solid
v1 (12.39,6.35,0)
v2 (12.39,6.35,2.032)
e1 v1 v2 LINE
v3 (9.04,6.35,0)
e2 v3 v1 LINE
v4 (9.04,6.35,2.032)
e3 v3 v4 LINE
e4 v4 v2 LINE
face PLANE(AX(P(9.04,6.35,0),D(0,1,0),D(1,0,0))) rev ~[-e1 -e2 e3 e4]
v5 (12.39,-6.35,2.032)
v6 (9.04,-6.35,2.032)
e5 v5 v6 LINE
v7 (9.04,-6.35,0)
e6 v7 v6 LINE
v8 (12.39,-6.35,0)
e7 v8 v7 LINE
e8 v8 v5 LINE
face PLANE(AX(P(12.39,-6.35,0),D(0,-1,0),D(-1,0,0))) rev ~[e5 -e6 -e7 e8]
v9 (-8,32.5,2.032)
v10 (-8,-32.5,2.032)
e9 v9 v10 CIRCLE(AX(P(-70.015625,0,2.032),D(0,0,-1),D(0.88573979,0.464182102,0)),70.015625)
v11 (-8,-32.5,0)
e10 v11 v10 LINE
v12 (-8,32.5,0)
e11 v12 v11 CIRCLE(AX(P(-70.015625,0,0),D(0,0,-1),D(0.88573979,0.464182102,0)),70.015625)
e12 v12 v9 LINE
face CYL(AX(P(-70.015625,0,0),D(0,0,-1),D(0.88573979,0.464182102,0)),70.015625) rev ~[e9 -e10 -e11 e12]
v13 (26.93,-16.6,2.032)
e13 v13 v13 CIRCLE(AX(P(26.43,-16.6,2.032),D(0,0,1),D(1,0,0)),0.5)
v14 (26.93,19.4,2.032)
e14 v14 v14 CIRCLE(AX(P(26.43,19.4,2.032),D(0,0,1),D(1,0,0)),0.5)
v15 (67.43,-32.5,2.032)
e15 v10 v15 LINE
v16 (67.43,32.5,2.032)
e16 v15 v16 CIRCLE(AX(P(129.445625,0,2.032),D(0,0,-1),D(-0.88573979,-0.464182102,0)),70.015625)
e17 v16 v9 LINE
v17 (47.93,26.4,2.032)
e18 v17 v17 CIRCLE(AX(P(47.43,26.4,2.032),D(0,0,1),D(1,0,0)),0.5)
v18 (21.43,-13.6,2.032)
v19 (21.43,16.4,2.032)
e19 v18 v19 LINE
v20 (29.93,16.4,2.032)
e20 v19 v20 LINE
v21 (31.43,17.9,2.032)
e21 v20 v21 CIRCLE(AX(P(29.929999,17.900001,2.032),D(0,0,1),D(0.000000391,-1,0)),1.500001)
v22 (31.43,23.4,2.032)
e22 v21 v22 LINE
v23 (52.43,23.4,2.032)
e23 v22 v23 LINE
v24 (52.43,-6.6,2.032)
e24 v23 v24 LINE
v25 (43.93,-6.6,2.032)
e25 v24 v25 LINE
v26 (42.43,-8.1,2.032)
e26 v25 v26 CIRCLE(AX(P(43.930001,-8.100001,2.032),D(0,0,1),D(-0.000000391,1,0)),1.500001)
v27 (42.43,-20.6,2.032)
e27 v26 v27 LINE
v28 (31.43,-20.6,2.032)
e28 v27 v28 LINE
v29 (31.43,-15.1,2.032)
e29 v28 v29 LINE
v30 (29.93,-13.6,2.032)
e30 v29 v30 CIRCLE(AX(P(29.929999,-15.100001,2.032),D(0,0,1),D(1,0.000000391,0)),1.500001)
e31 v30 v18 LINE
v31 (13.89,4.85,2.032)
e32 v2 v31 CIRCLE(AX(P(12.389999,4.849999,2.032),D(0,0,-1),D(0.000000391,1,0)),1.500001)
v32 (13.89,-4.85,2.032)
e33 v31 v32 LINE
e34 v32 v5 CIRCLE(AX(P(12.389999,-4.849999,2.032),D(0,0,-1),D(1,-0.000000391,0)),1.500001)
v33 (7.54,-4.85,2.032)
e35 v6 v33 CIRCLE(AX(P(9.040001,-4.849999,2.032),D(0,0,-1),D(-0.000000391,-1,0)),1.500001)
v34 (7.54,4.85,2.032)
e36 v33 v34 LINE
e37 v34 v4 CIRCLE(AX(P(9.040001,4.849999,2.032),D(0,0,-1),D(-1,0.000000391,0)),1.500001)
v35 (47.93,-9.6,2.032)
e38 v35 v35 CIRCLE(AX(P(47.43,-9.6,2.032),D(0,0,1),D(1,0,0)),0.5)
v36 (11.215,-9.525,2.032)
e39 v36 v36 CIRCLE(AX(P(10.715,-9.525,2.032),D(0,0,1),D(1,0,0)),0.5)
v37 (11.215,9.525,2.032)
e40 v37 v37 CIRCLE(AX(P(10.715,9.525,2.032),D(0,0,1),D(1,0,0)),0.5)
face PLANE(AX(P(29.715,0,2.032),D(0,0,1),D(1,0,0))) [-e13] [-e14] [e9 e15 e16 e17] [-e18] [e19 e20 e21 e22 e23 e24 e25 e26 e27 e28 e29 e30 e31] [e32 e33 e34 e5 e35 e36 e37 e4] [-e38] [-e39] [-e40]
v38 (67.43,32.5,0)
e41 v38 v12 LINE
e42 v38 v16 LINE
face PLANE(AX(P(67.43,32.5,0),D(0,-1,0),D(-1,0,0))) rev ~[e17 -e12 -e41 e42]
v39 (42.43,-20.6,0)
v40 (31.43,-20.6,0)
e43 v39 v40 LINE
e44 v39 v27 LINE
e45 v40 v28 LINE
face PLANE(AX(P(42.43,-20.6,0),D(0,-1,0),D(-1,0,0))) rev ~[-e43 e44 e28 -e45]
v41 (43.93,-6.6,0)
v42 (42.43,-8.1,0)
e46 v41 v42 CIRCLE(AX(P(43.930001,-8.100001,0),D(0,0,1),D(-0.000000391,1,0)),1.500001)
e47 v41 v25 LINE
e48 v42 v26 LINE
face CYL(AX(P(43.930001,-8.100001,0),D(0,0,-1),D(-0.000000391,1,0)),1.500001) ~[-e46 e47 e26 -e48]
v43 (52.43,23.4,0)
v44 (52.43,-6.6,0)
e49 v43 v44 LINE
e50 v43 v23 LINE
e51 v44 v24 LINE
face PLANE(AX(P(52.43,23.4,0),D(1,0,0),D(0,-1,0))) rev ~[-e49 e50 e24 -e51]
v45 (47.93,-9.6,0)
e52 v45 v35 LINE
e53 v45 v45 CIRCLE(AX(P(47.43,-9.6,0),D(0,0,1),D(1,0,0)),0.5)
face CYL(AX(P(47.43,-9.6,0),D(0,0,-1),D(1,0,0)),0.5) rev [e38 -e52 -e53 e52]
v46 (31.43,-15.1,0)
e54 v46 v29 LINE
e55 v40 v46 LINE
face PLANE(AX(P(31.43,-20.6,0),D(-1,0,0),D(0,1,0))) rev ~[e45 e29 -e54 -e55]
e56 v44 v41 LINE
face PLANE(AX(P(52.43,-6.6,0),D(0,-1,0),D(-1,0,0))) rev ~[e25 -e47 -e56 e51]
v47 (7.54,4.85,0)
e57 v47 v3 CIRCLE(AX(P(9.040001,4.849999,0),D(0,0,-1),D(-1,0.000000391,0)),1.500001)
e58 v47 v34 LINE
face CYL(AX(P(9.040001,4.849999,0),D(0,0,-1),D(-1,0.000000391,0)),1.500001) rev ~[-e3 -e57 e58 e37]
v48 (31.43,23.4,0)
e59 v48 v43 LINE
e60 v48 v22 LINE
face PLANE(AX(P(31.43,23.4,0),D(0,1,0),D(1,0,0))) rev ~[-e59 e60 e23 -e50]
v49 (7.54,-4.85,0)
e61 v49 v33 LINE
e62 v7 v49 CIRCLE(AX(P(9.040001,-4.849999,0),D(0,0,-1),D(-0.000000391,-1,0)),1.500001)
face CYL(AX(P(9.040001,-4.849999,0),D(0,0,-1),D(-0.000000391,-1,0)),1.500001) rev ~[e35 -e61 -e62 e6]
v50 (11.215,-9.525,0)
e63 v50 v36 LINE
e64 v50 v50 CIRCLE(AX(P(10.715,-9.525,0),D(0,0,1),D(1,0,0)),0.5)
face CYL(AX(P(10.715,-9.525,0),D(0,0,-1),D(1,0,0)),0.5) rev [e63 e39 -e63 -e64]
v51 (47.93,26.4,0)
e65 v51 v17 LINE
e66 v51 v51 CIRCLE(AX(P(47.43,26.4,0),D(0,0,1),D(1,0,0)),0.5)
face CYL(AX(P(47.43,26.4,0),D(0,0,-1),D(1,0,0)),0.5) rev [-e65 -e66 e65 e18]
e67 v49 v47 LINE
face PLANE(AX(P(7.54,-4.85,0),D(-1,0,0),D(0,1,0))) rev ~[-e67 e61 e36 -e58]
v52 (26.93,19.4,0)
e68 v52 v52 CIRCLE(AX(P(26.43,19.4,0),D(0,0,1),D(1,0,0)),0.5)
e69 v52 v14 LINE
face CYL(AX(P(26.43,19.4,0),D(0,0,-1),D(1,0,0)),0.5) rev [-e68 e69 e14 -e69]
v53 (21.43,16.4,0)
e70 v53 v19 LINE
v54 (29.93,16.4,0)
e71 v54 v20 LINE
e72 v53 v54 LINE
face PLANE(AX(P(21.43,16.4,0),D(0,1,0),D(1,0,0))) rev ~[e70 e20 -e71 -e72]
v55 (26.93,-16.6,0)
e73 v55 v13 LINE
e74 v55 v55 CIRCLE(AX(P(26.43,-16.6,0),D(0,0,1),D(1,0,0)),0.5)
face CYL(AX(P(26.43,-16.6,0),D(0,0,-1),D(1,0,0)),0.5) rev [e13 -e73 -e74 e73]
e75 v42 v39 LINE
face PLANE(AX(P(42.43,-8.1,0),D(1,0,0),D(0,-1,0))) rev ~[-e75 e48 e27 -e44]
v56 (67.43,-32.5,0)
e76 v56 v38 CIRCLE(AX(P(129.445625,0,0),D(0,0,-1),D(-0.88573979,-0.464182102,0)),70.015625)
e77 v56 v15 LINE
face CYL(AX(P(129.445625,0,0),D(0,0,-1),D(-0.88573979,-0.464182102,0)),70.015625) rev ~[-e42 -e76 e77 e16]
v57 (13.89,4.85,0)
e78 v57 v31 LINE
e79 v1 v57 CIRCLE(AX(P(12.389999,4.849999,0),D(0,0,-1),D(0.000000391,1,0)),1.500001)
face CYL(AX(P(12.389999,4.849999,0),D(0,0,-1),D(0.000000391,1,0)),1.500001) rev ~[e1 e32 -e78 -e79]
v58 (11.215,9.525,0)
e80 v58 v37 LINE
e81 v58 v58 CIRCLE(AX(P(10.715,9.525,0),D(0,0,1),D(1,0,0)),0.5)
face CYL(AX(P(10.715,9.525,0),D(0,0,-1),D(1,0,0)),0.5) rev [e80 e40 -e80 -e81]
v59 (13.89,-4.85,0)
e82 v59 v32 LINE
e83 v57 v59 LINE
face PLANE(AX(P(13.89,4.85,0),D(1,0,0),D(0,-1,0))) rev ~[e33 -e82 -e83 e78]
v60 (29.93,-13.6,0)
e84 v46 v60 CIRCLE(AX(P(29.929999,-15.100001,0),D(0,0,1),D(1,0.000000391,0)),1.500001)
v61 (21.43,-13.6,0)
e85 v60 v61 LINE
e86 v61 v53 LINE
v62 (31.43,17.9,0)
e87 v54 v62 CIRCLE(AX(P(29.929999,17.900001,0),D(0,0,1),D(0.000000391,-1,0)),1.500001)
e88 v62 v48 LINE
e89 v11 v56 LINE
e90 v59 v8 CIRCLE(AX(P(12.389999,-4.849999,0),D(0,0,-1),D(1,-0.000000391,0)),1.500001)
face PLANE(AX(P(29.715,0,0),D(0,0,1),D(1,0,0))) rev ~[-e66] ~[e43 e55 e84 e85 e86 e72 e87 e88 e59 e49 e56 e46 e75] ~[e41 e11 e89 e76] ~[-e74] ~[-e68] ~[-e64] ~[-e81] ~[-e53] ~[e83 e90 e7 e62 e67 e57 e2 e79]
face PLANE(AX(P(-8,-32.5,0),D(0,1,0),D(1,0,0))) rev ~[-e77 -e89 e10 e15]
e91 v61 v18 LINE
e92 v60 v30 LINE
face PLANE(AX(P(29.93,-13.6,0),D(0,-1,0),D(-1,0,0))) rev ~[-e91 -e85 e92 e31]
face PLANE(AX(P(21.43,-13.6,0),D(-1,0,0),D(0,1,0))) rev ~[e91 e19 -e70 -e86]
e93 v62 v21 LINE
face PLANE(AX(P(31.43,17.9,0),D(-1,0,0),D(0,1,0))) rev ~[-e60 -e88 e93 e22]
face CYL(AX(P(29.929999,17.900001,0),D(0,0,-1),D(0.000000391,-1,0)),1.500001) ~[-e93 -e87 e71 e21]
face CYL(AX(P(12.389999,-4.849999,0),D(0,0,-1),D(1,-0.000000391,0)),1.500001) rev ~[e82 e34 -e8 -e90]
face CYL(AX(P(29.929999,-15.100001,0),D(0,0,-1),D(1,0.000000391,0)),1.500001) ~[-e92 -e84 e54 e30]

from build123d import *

# Parameters (mm, degrees)
F0_R     = 0.5
F1_DEPTH = 2.032


with BuildPart() as f1:
    # F0 (on Top) → F1 (new body)
    with BuildSketch(Plane.XY):
        with BuildLine():
            ThreePointArc((-8, 32.5), (0, 0), (-8, -32.5))
            Line((-8, -32.5), (67.43, -32.5))
            ThreePointArc((67.43, -32.5), (59.43, 0), (67.43, 32.5))
            Line((67.43, 32.5), (-8, 32.5))
        make_face()
        with Locations((26.43, -16.6)):
            Circle(F0_R, mode=Mode.SUBTRACT)
        with Locations((10.715, -9.525)):
            Circle(F0_R, mode=Mode.SUBTRACT)
        with Locations((47.43, -9.6)):
            Circle(F0_R, mode=Mode.SUBTRACT)
        with BuildLine():
            Line((13.89, 4.85), (13.89, -4.85))
            ThreePointArc((13.89, -4.85), (13.45066, -5.91066), (12.39, -6.35))
            Line((12.39, -6.35), (9.04, -6.35))
            ThreePointArc((9.04, -6.35), (7.97934, -5.91066), (7.54, -4.85))
            Line((7.54, -4.85), (7.54, 4.85))
            ThreePointArc((7.54, 4.85), (7.97934, 5.91066), (9.04, 6.35))
            Line((9.04, 6.35), (12.39, 6.35))
            ThreePointArc((12.39, 6.35), (13.45066, 5.91066), (13.89, 4.85))
        make_face(mode=Mode.SUBTRACT)
        with Locations((10.715, 9.525)):
            Circle(F0_R, mode=Mode.SUBTRACT)
        with Locations((26.43, 19.4)):
            Circle(F0_R, mode=Mode.SUBTRACT)
        with BuildLine():
            Line((52.43, 23.4), (52.43, -6.6))
            Line((52.43, -6.6), (43.93, -6.6))
            ThreePointArc((43.93, -6.6), (42.86934, -7.03934), (42.43, -8.1))
            Line((42.43, -8.1), (42.43, -20.6))
            Line((42.43, -20.6), (31.43, -20.6))
            Line((31.43, -20.6), (31.43, -15.1))
            ThreePointArc((31.43, -15.1), (30.99066, -14.03934), (29.93, -13.6))
            Line((29.93, -13.6), (21.43, -13.6))
            Line((21.43, -13.6), (21.43, 16.4))
            Line((21.43, 16.4), (29.93, 16.4))
            ThreePointArc((29.93, 16.4), (30.99066, 16.83934), (31.43, 17.9))
            Line((31.43, 17.9), (31.43, 23.4))
            Line((31.43, 23.4), (52.43, 23.4))
        make_face(mode=Mode.SUBTRACT)
        with Locations((47.43, 26.4)):
            Circle(F0_R, mode=Mode.SUBTRACT)
    extrude(amount=F1_DEPTH)


solid = f1.part
